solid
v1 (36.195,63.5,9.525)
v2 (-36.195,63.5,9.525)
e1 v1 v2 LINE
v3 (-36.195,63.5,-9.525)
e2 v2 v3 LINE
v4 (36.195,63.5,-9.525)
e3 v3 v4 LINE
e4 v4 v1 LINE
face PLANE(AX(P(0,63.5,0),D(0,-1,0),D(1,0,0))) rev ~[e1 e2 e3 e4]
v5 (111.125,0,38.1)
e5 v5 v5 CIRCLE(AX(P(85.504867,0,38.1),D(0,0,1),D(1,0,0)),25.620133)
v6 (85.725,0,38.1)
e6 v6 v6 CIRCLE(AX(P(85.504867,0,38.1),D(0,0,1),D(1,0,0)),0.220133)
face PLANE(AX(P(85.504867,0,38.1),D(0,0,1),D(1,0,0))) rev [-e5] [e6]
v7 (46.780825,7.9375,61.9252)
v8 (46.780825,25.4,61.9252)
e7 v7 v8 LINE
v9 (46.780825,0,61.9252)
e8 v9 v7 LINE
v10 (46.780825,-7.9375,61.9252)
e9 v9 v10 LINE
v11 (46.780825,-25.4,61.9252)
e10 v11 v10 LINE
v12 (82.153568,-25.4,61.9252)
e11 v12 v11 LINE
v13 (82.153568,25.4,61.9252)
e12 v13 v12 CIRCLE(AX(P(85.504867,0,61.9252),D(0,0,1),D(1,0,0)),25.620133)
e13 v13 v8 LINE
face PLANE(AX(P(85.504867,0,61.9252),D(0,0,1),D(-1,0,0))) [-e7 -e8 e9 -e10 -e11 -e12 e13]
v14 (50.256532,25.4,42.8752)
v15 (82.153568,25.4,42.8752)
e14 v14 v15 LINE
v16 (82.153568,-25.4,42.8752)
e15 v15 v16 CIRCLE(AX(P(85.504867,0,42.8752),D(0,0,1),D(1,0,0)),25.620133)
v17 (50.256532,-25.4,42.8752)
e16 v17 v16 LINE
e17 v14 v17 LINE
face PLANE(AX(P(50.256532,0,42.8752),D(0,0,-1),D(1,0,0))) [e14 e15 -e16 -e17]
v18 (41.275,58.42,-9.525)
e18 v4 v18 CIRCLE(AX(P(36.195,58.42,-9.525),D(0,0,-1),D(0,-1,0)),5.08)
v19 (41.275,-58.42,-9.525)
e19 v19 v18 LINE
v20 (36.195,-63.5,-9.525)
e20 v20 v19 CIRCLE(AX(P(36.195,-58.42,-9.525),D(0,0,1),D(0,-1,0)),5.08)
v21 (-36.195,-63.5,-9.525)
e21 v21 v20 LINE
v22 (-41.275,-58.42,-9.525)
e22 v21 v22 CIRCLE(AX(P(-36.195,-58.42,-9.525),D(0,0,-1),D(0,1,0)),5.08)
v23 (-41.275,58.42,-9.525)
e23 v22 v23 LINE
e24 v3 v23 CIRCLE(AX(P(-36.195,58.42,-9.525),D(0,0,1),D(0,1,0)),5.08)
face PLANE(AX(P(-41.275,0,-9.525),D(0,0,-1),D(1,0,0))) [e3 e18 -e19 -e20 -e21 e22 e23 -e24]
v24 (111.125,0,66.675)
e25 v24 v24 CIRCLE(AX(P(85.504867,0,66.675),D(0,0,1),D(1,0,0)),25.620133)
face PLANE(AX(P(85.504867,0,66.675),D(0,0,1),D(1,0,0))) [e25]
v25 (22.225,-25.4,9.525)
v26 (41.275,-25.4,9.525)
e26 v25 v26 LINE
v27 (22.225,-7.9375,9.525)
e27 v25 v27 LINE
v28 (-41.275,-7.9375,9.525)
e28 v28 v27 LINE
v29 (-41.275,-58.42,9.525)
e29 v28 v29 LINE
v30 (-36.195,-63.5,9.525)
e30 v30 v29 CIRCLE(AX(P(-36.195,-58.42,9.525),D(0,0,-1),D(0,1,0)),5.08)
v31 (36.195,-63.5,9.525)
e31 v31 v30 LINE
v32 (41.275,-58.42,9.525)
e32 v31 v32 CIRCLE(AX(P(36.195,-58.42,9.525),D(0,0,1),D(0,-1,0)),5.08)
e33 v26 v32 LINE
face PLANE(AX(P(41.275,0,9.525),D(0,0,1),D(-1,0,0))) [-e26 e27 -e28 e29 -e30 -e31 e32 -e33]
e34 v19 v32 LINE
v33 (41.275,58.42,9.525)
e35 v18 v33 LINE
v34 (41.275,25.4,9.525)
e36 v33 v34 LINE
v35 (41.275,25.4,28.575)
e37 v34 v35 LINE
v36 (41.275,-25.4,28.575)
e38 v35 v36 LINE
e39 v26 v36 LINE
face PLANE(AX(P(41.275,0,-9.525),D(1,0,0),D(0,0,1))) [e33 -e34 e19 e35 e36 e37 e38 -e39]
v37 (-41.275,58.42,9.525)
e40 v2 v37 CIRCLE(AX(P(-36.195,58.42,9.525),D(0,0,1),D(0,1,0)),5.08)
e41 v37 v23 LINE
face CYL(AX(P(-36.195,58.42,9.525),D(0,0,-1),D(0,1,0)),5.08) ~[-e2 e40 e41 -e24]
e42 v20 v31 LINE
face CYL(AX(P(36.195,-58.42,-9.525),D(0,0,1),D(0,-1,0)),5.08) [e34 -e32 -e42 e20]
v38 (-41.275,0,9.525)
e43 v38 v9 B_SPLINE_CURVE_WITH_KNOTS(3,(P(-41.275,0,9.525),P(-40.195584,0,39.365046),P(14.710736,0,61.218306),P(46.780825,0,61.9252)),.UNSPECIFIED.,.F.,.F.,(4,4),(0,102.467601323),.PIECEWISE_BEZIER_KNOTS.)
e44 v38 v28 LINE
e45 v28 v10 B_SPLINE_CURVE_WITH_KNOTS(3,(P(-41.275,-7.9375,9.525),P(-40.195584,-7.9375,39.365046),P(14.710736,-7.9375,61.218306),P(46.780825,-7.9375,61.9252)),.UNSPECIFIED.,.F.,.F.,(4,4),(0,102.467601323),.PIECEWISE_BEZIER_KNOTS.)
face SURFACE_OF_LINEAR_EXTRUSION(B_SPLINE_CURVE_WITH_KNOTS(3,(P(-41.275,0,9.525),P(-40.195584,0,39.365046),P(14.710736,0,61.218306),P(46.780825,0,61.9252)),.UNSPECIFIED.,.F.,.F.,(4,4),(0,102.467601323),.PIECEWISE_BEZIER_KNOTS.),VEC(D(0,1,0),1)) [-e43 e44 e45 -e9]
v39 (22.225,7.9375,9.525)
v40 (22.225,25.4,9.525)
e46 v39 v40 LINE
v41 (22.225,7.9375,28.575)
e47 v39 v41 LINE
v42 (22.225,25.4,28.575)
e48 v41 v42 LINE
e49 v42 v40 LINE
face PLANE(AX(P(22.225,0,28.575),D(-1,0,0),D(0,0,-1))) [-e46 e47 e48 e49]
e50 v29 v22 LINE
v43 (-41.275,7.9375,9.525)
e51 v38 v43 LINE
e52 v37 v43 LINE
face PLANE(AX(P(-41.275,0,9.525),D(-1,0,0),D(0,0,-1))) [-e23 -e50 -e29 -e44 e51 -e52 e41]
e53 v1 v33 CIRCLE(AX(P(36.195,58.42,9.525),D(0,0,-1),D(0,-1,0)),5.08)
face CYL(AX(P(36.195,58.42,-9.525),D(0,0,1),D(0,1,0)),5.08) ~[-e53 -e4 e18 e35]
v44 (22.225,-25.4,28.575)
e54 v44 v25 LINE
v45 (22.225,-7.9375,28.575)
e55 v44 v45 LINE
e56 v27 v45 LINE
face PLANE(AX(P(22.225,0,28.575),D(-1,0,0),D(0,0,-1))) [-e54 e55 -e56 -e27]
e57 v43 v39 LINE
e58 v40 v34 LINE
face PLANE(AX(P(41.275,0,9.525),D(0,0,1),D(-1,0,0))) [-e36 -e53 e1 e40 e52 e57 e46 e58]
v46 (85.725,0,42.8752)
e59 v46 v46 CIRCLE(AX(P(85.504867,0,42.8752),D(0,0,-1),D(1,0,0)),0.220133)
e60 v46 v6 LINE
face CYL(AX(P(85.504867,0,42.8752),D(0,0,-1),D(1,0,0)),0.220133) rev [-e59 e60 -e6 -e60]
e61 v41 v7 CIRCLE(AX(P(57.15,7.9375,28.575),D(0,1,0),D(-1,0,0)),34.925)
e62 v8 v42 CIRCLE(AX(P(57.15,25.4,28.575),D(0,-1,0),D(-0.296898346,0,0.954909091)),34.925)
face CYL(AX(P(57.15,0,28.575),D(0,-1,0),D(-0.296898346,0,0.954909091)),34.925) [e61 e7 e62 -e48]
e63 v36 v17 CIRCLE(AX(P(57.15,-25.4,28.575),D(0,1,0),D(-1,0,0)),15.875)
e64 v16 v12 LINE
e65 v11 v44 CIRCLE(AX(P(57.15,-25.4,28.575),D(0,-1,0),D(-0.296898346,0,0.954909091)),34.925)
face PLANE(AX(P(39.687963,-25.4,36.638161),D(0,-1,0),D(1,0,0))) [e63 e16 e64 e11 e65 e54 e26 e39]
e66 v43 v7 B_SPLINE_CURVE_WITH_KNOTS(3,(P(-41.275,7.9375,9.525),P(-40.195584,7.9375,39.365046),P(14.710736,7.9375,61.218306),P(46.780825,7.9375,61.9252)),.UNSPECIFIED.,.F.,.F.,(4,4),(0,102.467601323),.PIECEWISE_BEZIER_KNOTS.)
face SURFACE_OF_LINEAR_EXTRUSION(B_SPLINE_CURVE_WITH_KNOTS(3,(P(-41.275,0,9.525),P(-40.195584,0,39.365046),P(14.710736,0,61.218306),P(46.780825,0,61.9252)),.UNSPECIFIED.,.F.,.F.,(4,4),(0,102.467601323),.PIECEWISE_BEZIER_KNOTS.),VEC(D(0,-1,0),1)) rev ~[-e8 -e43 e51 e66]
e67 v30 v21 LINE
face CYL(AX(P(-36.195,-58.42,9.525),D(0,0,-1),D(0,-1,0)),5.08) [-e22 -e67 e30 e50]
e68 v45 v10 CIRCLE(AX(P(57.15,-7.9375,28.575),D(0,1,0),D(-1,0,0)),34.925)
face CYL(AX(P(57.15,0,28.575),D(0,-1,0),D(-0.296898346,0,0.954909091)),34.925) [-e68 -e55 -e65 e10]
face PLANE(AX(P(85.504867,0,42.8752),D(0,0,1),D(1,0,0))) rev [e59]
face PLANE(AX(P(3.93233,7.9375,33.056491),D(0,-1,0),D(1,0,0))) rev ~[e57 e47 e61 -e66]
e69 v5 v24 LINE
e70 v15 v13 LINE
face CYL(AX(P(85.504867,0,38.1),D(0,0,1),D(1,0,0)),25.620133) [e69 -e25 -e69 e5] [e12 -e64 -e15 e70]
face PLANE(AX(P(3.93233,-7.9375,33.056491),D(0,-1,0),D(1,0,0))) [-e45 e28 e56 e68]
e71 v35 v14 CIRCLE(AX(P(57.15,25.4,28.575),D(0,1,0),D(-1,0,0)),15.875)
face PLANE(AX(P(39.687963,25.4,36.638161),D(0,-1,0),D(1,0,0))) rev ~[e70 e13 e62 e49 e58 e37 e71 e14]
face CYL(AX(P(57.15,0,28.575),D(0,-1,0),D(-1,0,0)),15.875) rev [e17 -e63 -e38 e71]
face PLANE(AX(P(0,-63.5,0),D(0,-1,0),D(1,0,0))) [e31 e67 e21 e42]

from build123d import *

# Parameters (mm, degrees)
F1_DEPTH = 63.5
F0_W     = 25.1798671365
F0_H     = 19.05
F2_DEPTH = 25.4
F3_DEPTH = 7.9375
F5_R     = 5.08


with BuildPart() as f1:
    # F0 (on Front) → F1 (new body, symmetric)
    with BuildSketch(Plane.XZ):
        Polygon((41.275, -9.525), (41.275, 9.525), (22.225, 9.525), (-41.275, 9.525), (-41.275, -9.525), align=None)
    extrude(amount=F1_DEPTH, both=True)

    # F0 (on Front) → F2 (join, symmetric)
    with BuildSketch(Plane.XZ):
        with BuildLine():
            Line((22.225, 9.525), (41.275, 9.525))
            Line((41.275, 9.525), (41.275, 28.575))
            ThreePointArc((41.275, 28.575), (43.7066106583, 37.0183943417), (50.2565317176, 42.8752))
            Line((50.2565317176, 42.8752), (60.325, 42.8752))
            Line((60.325, 42.8752), (60.325, 61.9252))
            Line((60.325, 61.9252), (46.7808252517, 61.9252))
            ThreePointArc((46.7808252517, 61.9252), (29.0261751083, 49.2826338209), (22.225, 28.575))
            Line((22.225, 28.575), (22.225, 9.525))
        make_face()
        with Locations((72.9149335682, 52.4002)):
            Rectangle(F0_W, F0_H)
    extrude(amount=F2_DEPTH, both=True)

    # F0 (on Front) → F3 (join, symmetric)
    with BuildSketch(Plane.XZ):
        with BuildLine():
            Line((-41.275, 9.525), (22.225, 9.525))
            Line((22.225, 9.525), (22.225, 28.575))
            ThreePointArc((22.225, 28.575), (29.0261751083, 49.2826338209), (46.7808252517, 61.9252))
            add(Edge.make_bspline(
                [(-41.275, 9.525), (-40.1955842972, 39.3650457263), (14.7107355297, 61.2183064222), (46.7808252517, 61.9252)],
                knots=[0, 0, 0, 0, 102.4676013226, 102.4676013226, 102.4676013226, 102.4676013226], degree=3))
        make_face()
    extrude(amount=F3_DEPTH, both=True)

    # F0 (on Front) → F4 (revolve)
    with BuildSketch(Plane.XZ):
        Polygon((85.5048671365, 61.9252), (85.5048671365, 42.8752), (85.725, 42.8752), (85.725, 38.1), (111.125, 38.1), (111.125, 66.675), (85.5048671365, 66.675), align=None)
    revolve(axis=Axis((85.5048671365, 0, 52.5966957748), (0, 0, 1)))

    # F5
    f5_edges = [f1.edges().sort_by_distance(p)[0] for p in [
        (-41.275, -63.5, 0),
        (41.275, -63.5, 0),
        (41.275, 63.5, 0),
        (-41.275, 63.5, 0),
    ]]
    fillet(f5_edges, radius=F5_R)


solid = f1.part
